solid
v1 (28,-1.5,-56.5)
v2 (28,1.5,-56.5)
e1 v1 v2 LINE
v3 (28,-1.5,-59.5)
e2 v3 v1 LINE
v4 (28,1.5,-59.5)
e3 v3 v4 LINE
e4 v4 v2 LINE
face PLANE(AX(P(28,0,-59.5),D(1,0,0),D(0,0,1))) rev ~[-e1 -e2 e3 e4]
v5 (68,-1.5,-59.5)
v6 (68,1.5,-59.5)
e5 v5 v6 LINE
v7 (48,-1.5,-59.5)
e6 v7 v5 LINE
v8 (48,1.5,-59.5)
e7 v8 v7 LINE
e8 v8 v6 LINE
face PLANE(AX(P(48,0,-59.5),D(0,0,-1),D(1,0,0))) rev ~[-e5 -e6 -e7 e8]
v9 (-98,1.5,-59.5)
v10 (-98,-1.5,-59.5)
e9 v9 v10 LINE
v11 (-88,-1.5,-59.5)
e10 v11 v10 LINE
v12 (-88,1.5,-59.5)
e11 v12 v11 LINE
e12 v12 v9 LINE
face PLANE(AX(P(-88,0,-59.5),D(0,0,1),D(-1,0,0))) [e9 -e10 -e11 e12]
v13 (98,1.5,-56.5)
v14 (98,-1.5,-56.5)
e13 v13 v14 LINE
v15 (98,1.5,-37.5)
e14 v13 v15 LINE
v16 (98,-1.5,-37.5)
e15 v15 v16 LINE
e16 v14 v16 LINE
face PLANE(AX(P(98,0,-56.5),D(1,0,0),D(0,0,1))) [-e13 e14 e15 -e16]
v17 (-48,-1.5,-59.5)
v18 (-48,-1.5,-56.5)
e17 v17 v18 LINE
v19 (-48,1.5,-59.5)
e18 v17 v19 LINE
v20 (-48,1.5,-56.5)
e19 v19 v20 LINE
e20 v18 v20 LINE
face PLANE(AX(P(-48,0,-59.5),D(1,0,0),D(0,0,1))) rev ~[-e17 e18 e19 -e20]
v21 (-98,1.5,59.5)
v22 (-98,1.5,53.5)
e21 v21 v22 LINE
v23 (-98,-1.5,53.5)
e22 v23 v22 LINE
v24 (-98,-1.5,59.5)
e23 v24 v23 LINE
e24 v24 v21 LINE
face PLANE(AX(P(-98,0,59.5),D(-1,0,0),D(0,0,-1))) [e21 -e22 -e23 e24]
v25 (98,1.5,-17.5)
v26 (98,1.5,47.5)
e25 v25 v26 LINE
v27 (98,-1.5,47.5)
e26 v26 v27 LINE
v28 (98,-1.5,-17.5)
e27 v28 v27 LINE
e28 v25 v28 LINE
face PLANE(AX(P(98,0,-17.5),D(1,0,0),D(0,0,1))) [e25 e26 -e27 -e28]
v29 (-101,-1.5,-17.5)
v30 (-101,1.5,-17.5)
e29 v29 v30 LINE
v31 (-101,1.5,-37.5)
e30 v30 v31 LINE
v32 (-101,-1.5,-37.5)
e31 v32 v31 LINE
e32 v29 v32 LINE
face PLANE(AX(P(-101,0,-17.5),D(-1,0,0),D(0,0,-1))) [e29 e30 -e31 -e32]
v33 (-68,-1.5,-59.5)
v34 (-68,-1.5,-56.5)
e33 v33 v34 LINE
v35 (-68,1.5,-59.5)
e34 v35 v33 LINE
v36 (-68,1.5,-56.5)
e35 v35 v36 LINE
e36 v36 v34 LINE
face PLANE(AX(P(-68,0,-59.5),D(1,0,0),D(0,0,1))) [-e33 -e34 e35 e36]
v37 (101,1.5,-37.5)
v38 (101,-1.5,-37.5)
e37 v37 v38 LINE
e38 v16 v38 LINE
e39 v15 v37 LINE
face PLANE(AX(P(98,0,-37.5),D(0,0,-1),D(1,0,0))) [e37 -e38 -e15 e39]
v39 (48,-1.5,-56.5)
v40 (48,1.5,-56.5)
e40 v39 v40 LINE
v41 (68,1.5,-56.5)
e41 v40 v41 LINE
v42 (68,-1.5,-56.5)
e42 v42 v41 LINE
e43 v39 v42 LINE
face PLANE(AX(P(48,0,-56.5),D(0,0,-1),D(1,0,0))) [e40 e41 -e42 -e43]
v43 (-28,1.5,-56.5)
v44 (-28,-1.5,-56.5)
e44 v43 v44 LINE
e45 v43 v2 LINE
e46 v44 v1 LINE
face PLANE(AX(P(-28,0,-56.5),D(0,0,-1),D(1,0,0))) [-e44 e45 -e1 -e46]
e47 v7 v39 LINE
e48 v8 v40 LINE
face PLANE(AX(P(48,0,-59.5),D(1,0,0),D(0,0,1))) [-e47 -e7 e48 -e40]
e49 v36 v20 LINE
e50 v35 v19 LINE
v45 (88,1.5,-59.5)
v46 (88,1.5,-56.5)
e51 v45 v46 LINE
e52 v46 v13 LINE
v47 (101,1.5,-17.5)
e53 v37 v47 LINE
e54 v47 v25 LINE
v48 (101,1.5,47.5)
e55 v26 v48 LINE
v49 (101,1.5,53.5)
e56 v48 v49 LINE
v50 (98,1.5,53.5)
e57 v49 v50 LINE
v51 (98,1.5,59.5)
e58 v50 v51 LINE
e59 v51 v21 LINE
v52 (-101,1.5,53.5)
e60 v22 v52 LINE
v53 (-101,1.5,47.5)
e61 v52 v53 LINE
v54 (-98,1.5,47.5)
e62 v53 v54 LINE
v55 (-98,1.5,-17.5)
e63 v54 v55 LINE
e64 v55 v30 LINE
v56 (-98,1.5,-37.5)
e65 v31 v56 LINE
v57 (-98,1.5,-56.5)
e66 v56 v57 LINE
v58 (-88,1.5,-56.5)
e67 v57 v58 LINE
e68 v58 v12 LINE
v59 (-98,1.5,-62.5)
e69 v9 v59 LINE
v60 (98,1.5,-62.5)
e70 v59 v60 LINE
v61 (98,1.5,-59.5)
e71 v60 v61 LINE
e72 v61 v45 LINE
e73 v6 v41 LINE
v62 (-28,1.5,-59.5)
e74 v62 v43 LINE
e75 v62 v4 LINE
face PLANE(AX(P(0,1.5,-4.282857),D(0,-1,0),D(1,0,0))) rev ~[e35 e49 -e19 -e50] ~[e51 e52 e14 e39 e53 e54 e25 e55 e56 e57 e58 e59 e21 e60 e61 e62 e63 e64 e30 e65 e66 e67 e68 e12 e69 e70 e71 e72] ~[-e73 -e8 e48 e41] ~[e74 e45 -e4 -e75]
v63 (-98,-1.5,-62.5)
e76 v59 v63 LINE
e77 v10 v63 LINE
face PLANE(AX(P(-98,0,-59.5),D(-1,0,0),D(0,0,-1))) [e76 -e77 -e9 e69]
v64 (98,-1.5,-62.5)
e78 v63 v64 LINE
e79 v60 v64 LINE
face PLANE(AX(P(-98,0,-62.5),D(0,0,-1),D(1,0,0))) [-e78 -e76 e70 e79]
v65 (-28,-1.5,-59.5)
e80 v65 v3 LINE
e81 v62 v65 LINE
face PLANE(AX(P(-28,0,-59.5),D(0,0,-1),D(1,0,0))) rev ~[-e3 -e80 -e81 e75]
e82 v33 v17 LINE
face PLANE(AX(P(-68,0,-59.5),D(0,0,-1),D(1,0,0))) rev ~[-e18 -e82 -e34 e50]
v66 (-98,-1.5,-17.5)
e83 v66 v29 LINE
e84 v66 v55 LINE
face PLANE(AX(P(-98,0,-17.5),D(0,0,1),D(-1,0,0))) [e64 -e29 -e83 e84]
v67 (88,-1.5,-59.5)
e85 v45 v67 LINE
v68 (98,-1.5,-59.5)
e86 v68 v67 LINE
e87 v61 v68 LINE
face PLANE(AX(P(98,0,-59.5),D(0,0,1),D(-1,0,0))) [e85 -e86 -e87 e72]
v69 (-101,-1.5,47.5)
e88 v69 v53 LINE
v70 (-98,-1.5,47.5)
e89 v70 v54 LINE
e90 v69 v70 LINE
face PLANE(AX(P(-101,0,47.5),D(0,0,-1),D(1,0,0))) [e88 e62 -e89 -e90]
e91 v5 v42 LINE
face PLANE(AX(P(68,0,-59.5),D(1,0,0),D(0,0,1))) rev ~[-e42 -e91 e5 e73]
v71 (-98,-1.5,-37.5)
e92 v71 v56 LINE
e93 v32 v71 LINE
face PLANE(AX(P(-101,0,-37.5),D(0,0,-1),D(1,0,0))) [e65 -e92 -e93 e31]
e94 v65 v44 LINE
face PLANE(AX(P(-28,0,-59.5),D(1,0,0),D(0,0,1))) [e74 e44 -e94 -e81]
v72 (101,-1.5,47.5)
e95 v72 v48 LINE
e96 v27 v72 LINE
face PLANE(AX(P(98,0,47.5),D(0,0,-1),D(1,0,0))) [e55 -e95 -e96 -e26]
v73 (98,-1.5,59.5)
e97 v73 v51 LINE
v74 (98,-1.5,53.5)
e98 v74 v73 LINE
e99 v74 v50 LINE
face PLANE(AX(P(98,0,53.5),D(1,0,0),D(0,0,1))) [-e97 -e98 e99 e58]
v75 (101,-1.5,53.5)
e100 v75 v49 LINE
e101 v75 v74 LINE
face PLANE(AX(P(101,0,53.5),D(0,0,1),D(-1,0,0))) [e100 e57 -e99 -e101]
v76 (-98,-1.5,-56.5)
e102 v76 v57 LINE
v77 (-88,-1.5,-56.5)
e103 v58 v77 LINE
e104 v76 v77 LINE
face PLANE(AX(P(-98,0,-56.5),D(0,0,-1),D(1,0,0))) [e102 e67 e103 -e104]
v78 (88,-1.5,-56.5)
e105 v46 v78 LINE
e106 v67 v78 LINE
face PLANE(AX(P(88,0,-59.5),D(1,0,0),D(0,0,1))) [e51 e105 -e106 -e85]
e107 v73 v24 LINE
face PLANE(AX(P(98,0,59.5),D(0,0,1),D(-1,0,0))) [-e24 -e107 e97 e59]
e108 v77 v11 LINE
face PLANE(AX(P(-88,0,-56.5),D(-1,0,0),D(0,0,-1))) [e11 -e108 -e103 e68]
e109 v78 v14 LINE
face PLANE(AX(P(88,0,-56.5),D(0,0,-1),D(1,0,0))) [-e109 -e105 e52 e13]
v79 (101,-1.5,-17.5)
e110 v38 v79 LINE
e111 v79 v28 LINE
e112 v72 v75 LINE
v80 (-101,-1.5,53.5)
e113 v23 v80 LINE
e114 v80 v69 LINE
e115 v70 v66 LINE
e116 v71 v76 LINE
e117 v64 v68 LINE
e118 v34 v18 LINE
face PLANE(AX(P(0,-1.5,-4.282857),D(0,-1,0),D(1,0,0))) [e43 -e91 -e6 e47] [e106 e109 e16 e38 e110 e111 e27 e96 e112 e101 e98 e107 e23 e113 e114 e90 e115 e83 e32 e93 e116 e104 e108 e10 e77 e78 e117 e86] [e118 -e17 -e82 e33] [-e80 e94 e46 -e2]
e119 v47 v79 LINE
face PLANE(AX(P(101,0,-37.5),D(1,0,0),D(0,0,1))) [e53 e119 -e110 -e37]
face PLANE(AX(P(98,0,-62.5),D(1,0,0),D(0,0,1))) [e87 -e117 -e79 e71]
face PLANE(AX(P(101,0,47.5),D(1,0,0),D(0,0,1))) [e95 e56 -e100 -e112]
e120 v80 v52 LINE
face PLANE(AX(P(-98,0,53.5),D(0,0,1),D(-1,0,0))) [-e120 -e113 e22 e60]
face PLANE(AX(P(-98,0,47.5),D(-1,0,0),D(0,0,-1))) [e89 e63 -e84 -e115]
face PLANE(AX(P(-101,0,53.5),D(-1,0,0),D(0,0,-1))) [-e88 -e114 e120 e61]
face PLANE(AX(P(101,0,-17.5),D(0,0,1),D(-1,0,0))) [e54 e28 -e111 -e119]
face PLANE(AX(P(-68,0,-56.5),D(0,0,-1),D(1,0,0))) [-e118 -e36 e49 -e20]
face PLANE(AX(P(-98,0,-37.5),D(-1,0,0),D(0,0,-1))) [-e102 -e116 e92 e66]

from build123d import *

# Parameters (mm, degrees)
F0_W     = 20
F0_H     = 3
F0_W_2   = 56
F1_DEPTH = 1.5


with BuildPart() as f1:
    # F0 (on Front) → F1 (new body, symmetric)
    with BuildSketch(Plane.XZ):
        Polygon((-98, -56.5), (-88, -56.5), (-88, -59.5), (-98, -59.5), (-98, -62.5), (0, -62.5), (98, -62.5), (98, -59.5), (88, -59.5), (88, -56.5), (98, -56.5), (98, -37.5), (101, -37.5), (101, -17.5), (98, -17.5), (98, 47.5), (101, 47.5), (101, 53.5), (98, 53.5), (98, 59.5), (0, 59.5), (-98, 59.5), (-98, 53.5), (-101, 53.5), (-101, 47.5), (-98, 47.5), (-98, -17.5), (-101, -17.5), (-101, -37.5), (-98, -37.5), align=None)
        with Locations((-58, -58)):
            Rectangle(F0_W, F0_H, mode=Mode.SUBTRACT)
        with Locations((0, -58)):
            Rectangle(F0_W_2, F0_H, mode=Mode.SUBTRACT)
        with Locations((58, -58)):
            Rectangle(F0_W, F0_H, mode=Mode.SUBTRACT)
    extrude(amount=F1_DEPTH, both=True)


solid = f1.part
